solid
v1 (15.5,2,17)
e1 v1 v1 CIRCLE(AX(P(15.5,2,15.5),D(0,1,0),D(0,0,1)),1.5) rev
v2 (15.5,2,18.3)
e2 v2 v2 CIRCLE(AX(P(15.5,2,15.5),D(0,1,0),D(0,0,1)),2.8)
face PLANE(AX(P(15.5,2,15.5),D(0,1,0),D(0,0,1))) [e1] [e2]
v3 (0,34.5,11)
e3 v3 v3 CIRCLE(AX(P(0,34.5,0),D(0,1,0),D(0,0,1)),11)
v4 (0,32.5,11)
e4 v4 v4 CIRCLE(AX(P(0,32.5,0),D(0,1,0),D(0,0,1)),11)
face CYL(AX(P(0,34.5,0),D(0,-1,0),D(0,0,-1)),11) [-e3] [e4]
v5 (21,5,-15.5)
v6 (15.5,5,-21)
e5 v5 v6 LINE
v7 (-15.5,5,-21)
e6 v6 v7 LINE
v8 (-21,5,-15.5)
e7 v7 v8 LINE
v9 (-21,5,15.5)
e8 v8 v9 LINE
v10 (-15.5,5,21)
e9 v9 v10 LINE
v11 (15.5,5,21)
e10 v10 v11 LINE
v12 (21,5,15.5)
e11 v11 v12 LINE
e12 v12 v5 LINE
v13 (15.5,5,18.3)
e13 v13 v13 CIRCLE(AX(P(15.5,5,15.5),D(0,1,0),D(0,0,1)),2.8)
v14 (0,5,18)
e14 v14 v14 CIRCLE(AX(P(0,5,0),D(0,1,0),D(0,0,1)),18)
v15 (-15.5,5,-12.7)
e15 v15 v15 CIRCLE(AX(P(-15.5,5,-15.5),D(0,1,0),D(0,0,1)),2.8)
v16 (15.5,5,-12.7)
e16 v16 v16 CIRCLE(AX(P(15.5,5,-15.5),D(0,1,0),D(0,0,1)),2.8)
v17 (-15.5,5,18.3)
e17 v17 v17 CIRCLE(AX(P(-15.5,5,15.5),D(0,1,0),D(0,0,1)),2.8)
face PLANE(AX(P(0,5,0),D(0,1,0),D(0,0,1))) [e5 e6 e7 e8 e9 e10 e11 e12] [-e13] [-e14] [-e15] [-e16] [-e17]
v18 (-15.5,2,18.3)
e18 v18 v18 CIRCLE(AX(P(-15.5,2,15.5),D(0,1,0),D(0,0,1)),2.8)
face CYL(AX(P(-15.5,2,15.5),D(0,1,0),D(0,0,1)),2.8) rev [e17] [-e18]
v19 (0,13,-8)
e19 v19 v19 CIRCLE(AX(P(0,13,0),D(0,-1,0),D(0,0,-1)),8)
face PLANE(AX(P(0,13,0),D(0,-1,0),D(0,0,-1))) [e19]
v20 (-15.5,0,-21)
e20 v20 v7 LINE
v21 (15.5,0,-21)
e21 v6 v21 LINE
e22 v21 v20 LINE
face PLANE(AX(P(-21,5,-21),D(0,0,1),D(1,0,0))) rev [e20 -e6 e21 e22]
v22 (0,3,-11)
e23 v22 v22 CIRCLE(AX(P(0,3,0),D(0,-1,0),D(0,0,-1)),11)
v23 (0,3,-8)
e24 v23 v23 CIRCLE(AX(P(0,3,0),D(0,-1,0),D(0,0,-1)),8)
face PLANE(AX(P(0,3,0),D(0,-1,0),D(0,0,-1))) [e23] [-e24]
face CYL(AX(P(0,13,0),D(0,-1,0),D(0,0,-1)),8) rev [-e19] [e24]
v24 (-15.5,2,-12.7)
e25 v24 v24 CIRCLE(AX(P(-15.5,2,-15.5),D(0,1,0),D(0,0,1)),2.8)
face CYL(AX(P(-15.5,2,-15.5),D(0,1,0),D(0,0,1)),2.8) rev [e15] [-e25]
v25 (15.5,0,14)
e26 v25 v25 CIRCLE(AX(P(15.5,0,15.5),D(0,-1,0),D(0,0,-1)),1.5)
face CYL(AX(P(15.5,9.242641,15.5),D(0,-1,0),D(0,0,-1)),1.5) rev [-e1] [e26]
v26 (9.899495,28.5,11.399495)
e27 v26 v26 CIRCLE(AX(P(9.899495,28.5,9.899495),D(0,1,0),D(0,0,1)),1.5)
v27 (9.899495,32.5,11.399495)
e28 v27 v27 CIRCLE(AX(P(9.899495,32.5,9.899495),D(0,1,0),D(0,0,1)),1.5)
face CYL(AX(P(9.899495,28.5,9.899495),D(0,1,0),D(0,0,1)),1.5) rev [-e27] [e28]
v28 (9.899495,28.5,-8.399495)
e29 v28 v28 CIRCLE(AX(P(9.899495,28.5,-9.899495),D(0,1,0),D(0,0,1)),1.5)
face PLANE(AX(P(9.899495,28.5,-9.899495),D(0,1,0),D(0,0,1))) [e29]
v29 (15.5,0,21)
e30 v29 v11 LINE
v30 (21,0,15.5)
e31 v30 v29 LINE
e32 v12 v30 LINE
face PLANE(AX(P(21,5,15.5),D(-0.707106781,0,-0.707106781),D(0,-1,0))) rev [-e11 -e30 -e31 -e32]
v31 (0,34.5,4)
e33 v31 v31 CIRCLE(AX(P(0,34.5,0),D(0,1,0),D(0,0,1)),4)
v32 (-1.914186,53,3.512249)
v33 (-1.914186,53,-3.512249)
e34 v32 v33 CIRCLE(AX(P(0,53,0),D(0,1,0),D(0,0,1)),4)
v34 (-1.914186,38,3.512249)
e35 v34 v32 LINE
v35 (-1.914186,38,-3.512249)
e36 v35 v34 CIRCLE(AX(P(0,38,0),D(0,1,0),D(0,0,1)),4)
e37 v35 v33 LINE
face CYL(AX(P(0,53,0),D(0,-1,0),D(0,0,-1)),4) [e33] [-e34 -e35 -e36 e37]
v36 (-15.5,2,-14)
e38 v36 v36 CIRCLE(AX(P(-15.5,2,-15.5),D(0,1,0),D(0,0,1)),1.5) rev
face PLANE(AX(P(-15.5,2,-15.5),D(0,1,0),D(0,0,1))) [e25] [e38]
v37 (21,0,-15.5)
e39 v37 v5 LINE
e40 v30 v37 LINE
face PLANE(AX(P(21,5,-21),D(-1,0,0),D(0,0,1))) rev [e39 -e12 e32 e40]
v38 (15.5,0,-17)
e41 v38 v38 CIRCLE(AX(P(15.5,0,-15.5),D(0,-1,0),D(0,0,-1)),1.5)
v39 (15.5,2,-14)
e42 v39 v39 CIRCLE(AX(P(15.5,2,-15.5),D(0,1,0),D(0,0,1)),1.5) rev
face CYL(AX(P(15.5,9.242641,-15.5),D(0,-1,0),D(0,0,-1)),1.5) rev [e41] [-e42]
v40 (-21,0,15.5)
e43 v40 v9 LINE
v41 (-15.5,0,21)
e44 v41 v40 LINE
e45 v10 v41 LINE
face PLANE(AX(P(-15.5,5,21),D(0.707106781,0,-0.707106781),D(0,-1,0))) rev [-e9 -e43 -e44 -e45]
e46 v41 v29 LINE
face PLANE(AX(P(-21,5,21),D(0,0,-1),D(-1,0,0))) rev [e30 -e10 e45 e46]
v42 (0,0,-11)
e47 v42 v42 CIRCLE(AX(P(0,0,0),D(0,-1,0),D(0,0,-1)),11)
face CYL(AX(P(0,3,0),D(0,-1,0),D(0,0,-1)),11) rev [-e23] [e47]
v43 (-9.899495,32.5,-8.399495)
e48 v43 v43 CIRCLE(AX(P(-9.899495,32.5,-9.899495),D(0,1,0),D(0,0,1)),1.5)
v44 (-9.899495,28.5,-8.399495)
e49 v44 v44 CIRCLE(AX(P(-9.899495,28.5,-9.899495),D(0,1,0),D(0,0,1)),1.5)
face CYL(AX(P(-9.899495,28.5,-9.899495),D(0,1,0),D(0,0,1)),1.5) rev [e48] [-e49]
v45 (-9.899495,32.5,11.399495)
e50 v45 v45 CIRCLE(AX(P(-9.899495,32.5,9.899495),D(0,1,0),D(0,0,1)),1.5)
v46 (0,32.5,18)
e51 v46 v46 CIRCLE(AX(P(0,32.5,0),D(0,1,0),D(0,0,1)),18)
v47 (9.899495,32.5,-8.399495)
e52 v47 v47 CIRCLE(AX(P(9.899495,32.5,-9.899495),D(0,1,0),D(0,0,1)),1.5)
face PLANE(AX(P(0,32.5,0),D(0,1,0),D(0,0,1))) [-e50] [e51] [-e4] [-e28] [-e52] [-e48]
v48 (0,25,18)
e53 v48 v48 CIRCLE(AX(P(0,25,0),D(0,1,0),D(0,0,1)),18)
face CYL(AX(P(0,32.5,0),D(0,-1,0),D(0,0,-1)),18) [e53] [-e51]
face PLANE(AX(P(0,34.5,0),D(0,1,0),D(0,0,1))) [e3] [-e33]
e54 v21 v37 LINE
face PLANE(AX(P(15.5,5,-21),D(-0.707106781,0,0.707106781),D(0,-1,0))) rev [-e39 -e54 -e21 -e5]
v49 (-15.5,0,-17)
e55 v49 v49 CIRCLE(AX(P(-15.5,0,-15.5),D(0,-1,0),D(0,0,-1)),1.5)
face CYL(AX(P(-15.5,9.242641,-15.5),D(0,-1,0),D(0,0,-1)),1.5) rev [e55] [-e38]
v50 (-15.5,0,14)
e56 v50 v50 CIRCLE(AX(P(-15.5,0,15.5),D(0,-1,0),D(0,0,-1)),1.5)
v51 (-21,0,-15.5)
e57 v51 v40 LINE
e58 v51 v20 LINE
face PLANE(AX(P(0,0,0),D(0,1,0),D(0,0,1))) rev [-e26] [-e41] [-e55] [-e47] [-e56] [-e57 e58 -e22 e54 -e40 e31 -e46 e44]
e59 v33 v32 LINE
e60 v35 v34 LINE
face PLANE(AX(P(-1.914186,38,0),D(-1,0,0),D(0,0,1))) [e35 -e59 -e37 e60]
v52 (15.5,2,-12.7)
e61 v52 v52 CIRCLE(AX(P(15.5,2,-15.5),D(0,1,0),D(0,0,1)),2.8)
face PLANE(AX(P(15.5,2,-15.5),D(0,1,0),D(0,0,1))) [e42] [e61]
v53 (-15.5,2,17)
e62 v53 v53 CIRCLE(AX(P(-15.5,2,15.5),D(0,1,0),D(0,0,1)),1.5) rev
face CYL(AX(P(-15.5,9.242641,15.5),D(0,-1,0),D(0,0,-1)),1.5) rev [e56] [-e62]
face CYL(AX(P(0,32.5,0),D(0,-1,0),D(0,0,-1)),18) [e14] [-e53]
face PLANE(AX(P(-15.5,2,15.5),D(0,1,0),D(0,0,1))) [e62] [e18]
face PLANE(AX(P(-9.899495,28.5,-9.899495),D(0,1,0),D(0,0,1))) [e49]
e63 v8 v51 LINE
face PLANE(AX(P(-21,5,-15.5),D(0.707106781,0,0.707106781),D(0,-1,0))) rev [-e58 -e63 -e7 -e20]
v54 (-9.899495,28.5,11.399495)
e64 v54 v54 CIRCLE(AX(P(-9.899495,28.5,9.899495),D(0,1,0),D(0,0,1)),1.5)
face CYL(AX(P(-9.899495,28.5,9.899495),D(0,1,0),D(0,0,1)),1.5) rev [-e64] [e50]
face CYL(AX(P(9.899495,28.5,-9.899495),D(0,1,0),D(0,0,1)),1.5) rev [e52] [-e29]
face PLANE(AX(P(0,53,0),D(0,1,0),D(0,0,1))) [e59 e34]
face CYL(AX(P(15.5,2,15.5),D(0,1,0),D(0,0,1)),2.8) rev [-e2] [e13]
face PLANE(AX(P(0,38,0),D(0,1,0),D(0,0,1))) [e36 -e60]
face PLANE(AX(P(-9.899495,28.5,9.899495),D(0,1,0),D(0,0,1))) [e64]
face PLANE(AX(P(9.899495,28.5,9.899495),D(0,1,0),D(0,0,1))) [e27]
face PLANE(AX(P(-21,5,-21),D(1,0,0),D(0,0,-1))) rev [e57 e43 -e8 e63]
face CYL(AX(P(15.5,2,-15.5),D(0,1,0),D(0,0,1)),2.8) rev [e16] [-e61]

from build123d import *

# Parameters (mm, degrees)
SKETCH_1_W          = 42
SKETCH_1_H          = 42
EXTRUDE_1_DEPTH     = 5
CHAMFER_1_SIZE      = 5.5
SKETCH_2_R          = 1.5
CUT_EXTRUDE_1_DEPTH = 5
SKETCH_3_R          = 18
EXTRUDE_2_DEPTH     = 27.5
SKETCH_4_R          = 1.5
CUT_EXTRUDE_2_DEPTH = 4
SKETCH_6_R          = 11
EXTRUDE_3_DEPTH     = 2
SKETCH_7_R          = 4
EXTRUDE_4_DEPTH     = 18.5
SKETCH_8_R          = 11
CUT_EXTRUDE_3_DEPTH = 3
SKETCH_9_R          = 8
CUT_EXTRUDE_4_DEPTH = 10
CUT_EXTRUDE_START   = -15
CUT_EXTRUDE_5_DEPTH = 15
SKETCH_12_R         = 2.8
CUT_EXTRUDE_6_DEPTH = 3


with BuildPart() as part:
    # 草图1 → 凸台-拉伸1 (new body)
    with BuildSketch(Plane(origin=(0, 0, 0), x_dir=(1, 0, 0), z_dir=(0, 1, 0))):
        Rectangle(SKETCH_1_W, SKETCH_1_H)
    extrude(amount=EXTRUDE_1_DEPTH)

    # 倒角1
    chamfer_1_edges = [part.edges().sort_by_distance(p)[0] for p in [
        (21, 2.5, 21),
        (-21, 2.5, 21),
        (-21, 2.5, -21),
        (21, 2.5, -21),
    ]]
    chamfer(chamfer_1_edges, length=CHAMFER_1_SIZE)

    # 草图2 → 切除-拉伸1 (cut)
    with BuildSketch(Plane.XZ):
        with Locations(Location((-15.5, 15.5, 0), (0, 0, 270))):
            Circle(SKETCH_2_R)
        with Locations(Location((15.5, 15.5, 0), (0, 0, 270))):
            Circle(SKETCH_2_R)
        with Locations(Location((15.5, -15.5, 0), (0, 0, 270))):
            Circle(SKETCH_2_R)
        with Locations(Location((-15.5, -15.5, 0), (0, 0, 270))):
            Circle(SKETCH_2_R)
    extrude(amount=-CUT_EXTRUDE_1_DEPTH, mode=Mode.SUBTRACT)

    # 草图3 → 凸台-拉伸2 (add)
    with BuildSketch(Plane(origin=(0, 5, 0), x_dir=(1, 0, 0), z_dir=(0, 1, 0))):
        with Locations(Location((0, 0, 0), (0, 0, 270))):
            Circle(SKETCH_3_R)
    extrude(amount=EXTRUDE_2_DEPTH)

    # 草图4 → 切除-拉伸2 (cut)
    with BuildSketch(Plane(origin=(0, 32.5, 0), x_dir=(1, 0, 0), z_dir=(0, 1, 0))):
        with Locations(Location((-9.899494937, 9.899494937, 0), (0, 0, 270))):
            Circle(SKETCH_4_R)
        with Locations(Location((9.899494937, 9.899494937, 0), (0, 0, 270))):
            Circle(SKETCH_4_R)
        with Locations(Location((9.899494937, -9.899494937, 0), (0, 0, 270))):
            Circle(SKETCH_4_R)
        with Locations(Location((-9.899494937, -9.899494937, 0), (0, 0, 270))):
            Circle(SKETCH_4_R)
    extrude(amount=-CUT_EXTRUDE_2_DEPTH, mode=Mode.SUBTRACT)

    # 草图6 → 凸台-拉伸3 (add)
    with BuildSketch(Plane(origin=(0, 32.5, 0), x_dir=(1, 0, 0), z_dir=(0, 1, 0))):
        with Locations(Location((0, 0, 0), (0, 0, 270))):
            Circle(SKETCH_6_R)
    extrude(amount=EXTRUDE_3_DEPTH)

    # 草图7 → 凸台-拉伸4 (add)
    with BuildSketch(Plane(origin=(0, 34.5, 0), x_dir=(1, 0, 0), z_dir=(0, 1, 0))):
        with Locations(Location((0, 0, 0), (0, 0, 270))):
            Circle(SKETCH_7_R)
    extrude(amount=EXTRUDE_4_DEPTH)

    # 草图8 → 切除-拉伸3 (cut)
    with BuildSketch(Plane.XZ):
        with Locations(Location((0, 0, 0), (0, 0, 90))):
            Circle(SKETCH_8_R)
    extrude(amount=-CUT_EXTRUDE_3_DEPTH, mode=Mode.SUBTRACT)

    # 草图9 → 切除-拉伸4 (cut)
    with BuildSketch(Plane.XZ.offset(-3)):
        with Locations(Location((0, 0, 0), (0, 0, 270))):
            Circle(SKETCH_9_R)
    extrude(amount=-CUT_EXTRUDE_4_DEPTH, mode=Mode.SUBTRACT)

    # 草图11 → 切除-拉伸5 (cut)
    with BuildSketch(Plane(origin=(0, 53, 0), x_dir=(1, 0, 0), z_dir=(0, 1, 0)).offset(CUT_EXTRUDE_START)):
        with BuildLine():
            Line((-1.914185744, -3.512248986), (-1.914185744, 3.512248986))
            ThreePointArc((-1.914185744, 3.512248986), (-4, 0), (-1.914185744, -3.512248986))
        make_face()
    extrude(amount=CUT_EXTRUDE_5_DEPTH, mode=Mode.SUBTRACT)

    # 草图12 → 切除-拉伸6 (cut)
    with BuildSketch(Plane(origin=(0, 5, 0), x_dir=(1, 0, 0), z_dir=(0, 1, 0))):
        with Locations(Location((-15.5, 15.5, 0), (0, 0, 270))):
            Circle(SKETCH_12_R)
        with Locations(Location((15.5, 15.5, 0), (0, 0, 270))):
            Circle(SKETCH_12_R)
        with Locations(Location((-15.5, -15.5, 0), (0, 0, 270))):
            Circle(SKETCH_12_R)
        with Locations(Location((15.5, -15.5, 0), (0, 0, 270))):
            Circle(SKETCH_12_R)
    extrude(amount=-CUT_EXTRUDE_6_DEPTH, mode=Mode.SUBTRACT)


solid = part.part
